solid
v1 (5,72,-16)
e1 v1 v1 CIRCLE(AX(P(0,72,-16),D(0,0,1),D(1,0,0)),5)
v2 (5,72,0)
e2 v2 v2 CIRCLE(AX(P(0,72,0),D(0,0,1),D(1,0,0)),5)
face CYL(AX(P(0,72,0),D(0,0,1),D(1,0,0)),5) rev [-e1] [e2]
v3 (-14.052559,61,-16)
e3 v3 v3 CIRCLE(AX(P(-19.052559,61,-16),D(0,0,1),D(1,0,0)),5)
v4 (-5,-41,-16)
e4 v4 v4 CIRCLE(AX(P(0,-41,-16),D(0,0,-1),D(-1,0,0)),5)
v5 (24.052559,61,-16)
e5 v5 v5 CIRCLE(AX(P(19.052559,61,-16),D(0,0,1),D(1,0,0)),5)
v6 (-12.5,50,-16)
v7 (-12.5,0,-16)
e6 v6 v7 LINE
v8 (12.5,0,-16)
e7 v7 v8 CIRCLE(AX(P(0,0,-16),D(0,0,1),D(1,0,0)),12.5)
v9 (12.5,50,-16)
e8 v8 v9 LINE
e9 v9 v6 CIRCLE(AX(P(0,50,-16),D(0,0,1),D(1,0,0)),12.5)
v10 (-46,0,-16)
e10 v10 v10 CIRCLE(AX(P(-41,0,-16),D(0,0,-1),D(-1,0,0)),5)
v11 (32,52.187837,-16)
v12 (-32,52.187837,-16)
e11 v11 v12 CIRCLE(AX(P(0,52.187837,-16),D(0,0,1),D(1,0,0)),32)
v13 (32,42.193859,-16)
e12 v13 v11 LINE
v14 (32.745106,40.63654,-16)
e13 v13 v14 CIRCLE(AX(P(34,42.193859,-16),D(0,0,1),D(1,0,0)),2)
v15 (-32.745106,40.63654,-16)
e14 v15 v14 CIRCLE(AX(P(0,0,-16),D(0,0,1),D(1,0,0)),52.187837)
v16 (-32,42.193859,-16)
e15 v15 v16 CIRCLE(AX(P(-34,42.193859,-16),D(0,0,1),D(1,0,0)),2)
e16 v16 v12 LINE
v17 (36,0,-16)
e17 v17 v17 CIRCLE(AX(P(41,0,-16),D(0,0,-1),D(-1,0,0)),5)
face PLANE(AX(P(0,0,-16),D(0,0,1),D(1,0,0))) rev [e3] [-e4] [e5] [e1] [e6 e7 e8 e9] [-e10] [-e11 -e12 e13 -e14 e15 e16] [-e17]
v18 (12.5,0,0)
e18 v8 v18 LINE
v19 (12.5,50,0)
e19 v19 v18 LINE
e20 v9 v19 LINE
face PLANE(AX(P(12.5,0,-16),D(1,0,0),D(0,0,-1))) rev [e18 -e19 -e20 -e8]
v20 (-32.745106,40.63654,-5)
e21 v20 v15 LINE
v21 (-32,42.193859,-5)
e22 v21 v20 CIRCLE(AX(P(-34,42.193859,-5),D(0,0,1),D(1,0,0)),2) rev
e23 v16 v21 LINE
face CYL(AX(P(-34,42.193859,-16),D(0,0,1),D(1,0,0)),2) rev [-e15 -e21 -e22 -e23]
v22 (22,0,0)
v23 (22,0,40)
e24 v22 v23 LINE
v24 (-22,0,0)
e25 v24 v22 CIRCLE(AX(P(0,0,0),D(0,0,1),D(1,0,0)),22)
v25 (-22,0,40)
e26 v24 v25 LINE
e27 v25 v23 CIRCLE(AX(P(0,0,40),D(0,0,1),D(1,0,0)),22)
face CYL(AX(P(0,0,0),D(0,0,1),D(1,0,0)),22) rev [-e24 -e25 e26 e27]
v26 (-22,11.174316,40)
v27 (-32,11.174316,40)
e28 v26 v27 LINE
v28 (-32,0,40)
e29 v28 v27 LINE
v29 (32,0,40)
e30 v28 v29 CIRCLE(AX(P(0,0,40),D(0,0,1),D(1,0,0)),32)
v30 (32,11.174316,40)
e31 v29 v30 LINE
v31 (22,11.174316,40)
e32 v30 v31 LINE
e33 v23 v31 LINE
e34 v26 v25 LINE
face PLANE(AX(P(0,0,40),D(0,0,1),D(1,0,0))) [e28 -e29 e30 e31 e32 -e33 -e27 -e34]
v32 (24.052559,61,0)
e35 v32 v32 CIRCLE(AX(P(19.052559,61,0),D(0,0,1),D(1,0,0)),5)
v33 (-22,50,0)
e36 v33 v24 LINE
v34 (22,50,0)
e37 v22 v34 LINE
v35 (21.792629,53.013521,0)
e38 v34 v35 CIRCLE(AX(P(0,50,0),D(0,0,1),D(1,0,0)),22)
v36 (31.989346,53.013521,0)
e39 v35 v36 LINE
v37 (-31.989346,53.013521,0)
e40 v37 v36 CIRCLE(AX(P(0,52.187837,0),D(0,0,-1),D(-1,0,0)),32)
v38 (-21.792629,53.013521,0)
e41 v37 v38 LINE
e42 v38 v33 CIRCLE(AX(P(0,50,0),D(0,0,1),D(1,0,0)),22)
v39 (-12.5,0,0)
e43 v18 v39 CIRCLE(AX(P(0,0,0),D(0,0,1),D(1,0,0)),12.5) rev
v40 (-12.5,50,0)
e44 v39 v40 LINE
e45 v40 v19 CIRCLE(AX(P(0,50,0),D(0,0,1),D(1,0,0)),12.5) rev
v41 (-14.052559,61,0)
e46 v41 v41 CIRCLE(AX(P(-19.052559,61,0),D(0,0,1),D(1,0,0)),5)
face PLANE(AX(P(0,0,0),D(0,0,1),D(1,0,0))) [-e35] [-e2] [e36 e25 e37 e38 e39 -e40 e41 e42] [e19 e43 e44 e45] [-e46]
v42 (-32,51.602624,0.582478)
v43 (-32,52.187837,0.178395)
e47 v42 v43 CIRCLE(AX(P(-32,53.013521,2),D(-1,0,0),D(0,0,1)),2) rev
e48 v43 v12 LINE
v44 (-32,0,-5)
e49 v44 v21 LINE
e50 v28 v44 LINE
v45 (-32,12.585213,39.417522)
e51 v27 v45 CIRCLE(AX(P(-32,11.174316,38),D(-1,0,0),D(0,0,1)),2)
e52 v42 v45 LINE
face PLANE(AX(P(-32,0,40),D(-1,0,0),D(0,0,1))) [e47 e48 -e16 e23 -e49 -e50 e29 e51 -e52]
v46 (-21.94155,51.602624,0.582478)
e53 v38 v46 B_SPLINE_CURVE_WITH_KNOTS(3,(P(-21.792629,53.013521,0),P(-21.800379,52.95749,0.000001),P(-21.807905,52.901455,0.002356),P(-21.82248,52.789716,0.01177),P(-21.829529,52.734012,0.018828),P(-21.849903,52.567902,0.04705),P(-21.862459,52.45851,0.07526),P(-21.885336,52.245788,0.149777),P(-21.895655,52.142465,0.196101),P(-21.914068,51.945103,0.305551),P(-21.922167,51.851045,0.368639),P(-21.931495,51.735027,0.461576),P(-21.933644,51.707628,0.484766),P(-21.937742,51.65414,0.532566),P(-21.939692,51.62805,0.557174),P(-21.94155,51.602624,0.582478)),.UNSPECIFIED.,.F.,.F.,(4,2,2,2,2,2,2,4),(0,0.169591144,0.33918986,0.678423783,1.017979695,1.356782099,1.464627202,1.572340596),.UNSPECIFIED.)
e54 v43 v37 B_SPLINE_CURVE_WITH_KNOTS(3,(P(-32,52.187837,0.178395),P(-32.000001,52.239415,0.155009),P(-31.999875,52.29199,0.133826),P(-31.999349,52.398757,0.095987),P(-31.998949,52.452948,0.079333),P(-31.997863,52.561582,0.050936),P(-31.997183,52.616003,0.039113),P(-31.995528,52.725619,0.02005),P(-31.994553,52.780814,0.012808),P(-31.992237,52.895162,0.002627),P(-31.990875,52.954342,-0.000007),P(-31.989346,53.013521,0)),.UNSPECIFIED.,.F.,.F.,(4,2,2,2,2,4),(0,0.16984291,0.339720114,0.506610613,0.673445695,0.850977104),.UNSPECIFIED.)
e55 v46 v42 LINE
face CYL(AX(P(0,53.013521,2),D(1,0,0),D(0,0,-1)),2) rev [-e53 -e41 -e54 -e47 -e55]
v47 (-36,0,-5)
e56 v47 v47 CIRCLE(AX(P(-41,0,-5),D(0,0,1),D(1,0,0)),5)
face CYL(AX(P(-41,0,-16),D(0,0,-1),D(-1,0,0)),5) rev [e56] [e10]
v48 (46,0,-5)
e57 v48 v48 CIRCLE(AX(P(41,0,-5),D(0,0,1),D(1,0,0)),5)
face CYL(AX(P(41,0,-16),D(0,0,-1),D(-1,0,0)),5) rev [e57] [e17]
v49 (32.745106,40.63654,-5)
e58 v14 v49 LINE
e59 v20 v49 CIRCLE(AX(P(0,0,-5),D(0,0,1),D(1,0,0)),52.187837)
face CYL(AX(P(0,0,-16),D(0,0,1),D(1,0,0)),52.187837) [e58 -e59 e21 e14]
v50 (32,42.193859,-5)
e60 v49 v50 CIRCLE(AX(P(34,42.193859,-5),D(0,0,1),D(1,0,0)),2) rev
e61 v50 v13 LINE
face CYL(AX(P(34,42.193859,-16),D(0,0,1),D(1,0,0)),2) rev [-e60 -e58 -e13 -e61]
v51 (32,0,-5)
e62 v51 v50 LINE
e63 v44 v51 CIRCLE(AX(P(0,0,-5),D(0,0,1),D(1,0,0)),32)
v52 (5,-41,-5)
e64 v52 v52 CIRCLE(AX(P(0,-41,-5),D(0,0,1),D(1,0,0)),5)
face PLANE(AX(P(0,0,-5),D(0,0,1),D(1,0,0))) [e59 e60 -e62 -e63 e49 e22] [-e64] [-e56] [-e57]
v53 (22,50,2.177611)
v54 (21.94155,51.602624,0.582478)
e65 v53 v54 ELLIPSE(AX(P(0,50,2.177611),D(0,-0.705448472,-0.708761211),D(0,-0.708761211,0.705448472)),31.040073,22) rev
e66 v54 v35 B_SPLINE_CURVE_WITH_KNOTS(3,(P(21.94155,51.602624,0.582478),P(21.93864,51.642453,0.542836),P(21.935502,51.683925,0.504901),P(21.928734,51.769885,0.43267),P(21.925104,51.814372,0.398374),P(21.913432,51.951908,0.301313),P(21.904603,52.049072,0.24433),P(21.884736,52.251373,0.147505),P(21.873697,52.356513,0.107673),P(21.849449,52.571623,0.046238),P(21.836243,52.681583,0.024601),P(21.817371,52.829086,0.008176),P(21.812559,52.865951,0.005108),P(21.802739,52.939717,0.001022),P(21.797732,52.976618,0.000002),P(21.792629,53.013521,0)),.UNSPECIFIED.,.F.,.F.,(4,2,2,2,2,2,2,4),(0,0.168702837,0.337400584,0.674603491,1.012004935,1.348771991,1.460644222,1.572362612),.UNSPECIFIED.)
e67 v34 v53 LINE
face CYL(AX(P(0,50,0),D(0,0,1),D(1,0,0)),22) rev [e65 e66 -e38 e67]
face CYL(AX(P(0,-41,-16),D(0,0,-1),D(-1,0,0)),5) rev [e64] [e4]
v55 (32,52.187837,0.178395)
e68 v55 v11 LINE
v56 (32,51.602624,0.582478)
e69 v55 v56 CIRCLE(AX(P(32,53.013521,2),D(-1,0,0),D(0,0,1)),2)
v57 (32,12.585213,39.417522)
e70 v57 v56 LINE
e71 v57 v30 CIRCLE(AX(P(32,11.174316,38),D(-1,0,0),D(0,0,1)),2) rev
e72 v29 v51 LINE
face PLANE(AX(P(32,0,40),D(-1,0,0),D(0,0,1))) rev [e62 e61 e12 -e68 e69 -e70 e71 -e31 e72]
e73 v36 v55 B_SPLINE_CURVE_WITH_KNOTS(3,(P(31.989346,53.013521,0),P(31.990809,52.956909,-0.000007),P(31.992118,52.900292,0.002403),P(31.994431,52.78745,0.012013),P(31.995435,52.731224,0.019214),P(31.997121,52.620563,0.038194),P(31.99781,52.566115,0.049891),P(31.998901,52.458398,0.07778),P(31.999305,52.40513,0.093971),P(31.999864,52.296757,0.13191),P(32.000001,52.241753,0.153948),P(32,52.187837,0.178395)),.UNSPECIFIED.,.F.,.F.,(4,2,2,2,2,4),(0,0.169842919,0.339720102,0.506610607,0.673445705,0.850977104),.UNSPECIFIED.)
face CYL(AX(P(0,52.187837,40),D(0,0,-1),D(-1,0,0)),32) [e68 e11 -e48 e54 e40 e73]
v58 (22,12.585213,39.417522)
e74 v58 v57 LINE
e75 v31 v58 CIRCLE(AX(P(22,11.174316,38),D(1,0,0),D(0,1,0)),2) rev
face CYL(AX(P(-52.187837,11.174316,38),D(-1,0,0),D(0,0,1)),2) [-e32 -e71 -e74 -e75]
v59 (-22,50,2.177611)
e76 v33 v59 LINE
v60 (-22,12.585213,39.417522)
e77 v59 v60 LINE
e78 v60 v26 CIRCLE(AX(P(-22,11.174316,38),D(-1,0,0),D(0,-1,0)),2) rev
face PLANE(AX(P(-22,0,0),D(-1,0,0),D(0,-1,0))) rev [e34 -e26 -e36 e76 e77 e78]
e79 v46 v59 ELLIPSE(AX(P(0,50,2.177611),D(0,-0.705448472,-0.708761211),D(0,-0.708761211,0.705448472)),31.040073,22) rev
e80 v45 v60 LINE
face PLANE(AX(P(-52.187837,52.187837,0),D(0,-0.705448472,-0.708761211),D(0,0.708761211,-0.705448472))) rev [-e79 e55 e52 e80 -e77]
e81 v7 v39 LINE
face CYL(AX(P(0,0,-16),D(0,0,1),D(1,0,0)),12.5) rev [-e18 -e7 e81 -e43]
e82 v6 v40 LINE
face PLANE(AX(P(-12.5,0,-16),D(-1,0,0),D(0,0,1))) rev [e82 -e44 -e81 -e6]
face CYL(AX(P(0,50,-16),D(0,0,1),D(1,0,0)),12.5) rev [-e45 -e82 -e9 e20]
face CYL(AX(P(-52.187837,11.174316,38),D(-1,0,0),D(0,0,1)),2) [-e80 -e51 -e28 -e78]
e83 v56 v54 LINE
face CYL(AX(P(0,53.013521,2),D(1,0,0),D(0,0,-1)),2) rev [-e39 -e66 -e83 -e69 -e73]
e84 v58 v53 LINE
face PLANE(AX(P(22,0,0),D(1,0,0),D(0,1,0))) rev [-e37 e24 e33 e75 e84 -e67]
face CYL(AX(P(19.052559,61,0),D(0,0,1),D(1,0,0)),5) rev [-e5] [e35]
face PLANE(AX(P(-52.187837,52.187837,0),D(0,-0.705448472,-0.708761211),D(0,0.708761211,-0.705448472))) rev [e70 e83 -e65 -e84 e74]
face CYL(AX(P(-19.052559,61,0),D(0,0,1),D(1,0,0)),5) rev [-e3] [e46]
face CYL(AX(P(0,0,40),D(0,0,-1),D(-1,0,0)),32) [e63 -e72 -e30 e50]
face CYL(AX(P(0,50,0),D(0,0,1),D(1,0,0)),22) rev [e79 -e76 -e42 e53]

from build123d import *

# Parameters (mm, degrees)
BOSS_EXTRUDE1_DEPTH      = 40
BOSS_EXTRUDE1_DEPTH_BACK = 16
BOSS_EXTRUDE2_START      = -5
SKETCH1_3_R              = 52.187837327
BOSS_EXTRUDE2_DEPTH      = 11
CUT_EXTRUDE1_DEPTH       = 114.785598028
CUT_EXTRUDE3_DEPTH       = 40
CUT_EXTRUDE4_DEPTH       = 126.599298993
FILLET1_R                = 2
F_10_0MM_DOWEL_HOLE1_D   = 10
F_10_0MM_DOWEL_HOLE2_D   = 10
FILLET2_R                = 2
FILLET3_R                = 2


with BuildPart() as part:
    # Sketch1 → Boss-Extrude1 (new, two sides: drawn at the far end of the back side and taken through both)
    with BuildSketch(Plane.XY.offset(-BOSS_EXTRUDE1_DEPTH_BACK)):
        with BuildLine():
            ThreePointArc((-32, 0), (0, -32), (32, 0))
            Line((32, 0), (32, 52.187837327))
            ThreePointArc((32, 52.187837327), (0, 84.187837327), (-32, 52.187837327))
            Line((-32, 52.187837327), (-32, 0))
        make_face()
    extrude(amount=BOSS_EXTRUDE1_DEPTH + BOSS_EXTRUDE1_DEPTH_BACK)

    # Sketch1<3> → Boss-Extrude2 (add)
    with BuildSketch(Plane.XY.offset(BOSS_EXTRUDE2_START)):
        Circle(SKETCH1_3_R)
    extrude(amount=-BOSS_EXTRUDE2_DEPTH)

    # Sketch2 → Cut-Extrude1 (cut, through all)
    with BuildSketch(Plane.XY.offset(40)):
        with BuildLine():
            Line((-12.5, 0), (-12.5, 50))
            ThreePointArc((-12.5, 50), (0, 62.5), (12.5, 50))
            Line((12.5, 50), (12.5, 0))
            ThreePointArc((12.5, 0), (0, -12.5), (-12.5, 0))
        make_face()
    extrude(amount=-CUT_EXTRUDE1_DEPTH, mode=Mode.SUBTRACT)

    # Sketch6 → Cut-Extrude3 (cut)
    with BuildSketch(Plane.XY.offset(40)):
        with BuildLine():
            Line((-22, 0), (-22, 50))
            ThreePointArc((-22, 50), (0, 72), (22, 50))
            Line((22, 50), (22, 0))
            ThreePointArc((22, 0), (0, -22), (-22, 0))
        make_face()
    extrude(amount=-CUT_EXTRUDE3_DEPTH, mode=Mode.SUBTRACT)

    # Sketch7 → Cut-Extrude4 (cut, through all)
    with BuildSketch(Plane(origin=(32, 0, 0), x_dir=(0, 0, -1), z_dir=(1, 0, 0))):
        Polygon((0, 52.187837327), (0, 84.187837327), (-40, 84.187837327), (-40, 12), align=None)
    extrude(amount=-CUT_EXTRUDE4_DEPTH, mode=Mode.SUBTRACT)

    # Fillet1
    fillet1_edges = [part.edges().sort_by_distance(p)[0] for p in [
        (27, 12, 40),
        (-27, 12, 40),
    ]]
    fillet(fillet1_edges, radius=FILLET1_R)

    # Ø10.0mm Dowel Hole1 (through all)
    with Locations(Plane.XY):
        with Locations((-19.052558883, 61), (19.052558883, 61), (0, 72)):
            Hole(F_10_0MM_DOWEL_HOLE1_D / 2)

    # Ø10.0mm Dowel Hole2 (through all)
    with Locations(Plane(origin=(0, 0, -16), x_dir=(-1, 0, 0), z_dir=(0, 0, -1))):
        with Locations((0, -41), (41, 0), (-41, 0)):
            Hole(F_10_0MM_DOWEL_HOLE2_D / 2)

    # Fillet2
    fillet2_edges = [part.edges().sort_by_distance(p)[0] for p in [
        (26.945471299, 52.187837327, 0),
        (-26.945471299, 52.187837327, 0),
    ]]
    fillet(fillet2_edges, radius=FILLET2_R)

    # Fillet3
    fillet3_edges = [part.edges().sort_by_distance(p)[0] for p in [
        (-32, 41.225845835, -10.5),
        (32, 41.225845835, -10.5),
    ]]
    fillet(fillet3_edges, radius=FILLET3_R)


solid = part.part
